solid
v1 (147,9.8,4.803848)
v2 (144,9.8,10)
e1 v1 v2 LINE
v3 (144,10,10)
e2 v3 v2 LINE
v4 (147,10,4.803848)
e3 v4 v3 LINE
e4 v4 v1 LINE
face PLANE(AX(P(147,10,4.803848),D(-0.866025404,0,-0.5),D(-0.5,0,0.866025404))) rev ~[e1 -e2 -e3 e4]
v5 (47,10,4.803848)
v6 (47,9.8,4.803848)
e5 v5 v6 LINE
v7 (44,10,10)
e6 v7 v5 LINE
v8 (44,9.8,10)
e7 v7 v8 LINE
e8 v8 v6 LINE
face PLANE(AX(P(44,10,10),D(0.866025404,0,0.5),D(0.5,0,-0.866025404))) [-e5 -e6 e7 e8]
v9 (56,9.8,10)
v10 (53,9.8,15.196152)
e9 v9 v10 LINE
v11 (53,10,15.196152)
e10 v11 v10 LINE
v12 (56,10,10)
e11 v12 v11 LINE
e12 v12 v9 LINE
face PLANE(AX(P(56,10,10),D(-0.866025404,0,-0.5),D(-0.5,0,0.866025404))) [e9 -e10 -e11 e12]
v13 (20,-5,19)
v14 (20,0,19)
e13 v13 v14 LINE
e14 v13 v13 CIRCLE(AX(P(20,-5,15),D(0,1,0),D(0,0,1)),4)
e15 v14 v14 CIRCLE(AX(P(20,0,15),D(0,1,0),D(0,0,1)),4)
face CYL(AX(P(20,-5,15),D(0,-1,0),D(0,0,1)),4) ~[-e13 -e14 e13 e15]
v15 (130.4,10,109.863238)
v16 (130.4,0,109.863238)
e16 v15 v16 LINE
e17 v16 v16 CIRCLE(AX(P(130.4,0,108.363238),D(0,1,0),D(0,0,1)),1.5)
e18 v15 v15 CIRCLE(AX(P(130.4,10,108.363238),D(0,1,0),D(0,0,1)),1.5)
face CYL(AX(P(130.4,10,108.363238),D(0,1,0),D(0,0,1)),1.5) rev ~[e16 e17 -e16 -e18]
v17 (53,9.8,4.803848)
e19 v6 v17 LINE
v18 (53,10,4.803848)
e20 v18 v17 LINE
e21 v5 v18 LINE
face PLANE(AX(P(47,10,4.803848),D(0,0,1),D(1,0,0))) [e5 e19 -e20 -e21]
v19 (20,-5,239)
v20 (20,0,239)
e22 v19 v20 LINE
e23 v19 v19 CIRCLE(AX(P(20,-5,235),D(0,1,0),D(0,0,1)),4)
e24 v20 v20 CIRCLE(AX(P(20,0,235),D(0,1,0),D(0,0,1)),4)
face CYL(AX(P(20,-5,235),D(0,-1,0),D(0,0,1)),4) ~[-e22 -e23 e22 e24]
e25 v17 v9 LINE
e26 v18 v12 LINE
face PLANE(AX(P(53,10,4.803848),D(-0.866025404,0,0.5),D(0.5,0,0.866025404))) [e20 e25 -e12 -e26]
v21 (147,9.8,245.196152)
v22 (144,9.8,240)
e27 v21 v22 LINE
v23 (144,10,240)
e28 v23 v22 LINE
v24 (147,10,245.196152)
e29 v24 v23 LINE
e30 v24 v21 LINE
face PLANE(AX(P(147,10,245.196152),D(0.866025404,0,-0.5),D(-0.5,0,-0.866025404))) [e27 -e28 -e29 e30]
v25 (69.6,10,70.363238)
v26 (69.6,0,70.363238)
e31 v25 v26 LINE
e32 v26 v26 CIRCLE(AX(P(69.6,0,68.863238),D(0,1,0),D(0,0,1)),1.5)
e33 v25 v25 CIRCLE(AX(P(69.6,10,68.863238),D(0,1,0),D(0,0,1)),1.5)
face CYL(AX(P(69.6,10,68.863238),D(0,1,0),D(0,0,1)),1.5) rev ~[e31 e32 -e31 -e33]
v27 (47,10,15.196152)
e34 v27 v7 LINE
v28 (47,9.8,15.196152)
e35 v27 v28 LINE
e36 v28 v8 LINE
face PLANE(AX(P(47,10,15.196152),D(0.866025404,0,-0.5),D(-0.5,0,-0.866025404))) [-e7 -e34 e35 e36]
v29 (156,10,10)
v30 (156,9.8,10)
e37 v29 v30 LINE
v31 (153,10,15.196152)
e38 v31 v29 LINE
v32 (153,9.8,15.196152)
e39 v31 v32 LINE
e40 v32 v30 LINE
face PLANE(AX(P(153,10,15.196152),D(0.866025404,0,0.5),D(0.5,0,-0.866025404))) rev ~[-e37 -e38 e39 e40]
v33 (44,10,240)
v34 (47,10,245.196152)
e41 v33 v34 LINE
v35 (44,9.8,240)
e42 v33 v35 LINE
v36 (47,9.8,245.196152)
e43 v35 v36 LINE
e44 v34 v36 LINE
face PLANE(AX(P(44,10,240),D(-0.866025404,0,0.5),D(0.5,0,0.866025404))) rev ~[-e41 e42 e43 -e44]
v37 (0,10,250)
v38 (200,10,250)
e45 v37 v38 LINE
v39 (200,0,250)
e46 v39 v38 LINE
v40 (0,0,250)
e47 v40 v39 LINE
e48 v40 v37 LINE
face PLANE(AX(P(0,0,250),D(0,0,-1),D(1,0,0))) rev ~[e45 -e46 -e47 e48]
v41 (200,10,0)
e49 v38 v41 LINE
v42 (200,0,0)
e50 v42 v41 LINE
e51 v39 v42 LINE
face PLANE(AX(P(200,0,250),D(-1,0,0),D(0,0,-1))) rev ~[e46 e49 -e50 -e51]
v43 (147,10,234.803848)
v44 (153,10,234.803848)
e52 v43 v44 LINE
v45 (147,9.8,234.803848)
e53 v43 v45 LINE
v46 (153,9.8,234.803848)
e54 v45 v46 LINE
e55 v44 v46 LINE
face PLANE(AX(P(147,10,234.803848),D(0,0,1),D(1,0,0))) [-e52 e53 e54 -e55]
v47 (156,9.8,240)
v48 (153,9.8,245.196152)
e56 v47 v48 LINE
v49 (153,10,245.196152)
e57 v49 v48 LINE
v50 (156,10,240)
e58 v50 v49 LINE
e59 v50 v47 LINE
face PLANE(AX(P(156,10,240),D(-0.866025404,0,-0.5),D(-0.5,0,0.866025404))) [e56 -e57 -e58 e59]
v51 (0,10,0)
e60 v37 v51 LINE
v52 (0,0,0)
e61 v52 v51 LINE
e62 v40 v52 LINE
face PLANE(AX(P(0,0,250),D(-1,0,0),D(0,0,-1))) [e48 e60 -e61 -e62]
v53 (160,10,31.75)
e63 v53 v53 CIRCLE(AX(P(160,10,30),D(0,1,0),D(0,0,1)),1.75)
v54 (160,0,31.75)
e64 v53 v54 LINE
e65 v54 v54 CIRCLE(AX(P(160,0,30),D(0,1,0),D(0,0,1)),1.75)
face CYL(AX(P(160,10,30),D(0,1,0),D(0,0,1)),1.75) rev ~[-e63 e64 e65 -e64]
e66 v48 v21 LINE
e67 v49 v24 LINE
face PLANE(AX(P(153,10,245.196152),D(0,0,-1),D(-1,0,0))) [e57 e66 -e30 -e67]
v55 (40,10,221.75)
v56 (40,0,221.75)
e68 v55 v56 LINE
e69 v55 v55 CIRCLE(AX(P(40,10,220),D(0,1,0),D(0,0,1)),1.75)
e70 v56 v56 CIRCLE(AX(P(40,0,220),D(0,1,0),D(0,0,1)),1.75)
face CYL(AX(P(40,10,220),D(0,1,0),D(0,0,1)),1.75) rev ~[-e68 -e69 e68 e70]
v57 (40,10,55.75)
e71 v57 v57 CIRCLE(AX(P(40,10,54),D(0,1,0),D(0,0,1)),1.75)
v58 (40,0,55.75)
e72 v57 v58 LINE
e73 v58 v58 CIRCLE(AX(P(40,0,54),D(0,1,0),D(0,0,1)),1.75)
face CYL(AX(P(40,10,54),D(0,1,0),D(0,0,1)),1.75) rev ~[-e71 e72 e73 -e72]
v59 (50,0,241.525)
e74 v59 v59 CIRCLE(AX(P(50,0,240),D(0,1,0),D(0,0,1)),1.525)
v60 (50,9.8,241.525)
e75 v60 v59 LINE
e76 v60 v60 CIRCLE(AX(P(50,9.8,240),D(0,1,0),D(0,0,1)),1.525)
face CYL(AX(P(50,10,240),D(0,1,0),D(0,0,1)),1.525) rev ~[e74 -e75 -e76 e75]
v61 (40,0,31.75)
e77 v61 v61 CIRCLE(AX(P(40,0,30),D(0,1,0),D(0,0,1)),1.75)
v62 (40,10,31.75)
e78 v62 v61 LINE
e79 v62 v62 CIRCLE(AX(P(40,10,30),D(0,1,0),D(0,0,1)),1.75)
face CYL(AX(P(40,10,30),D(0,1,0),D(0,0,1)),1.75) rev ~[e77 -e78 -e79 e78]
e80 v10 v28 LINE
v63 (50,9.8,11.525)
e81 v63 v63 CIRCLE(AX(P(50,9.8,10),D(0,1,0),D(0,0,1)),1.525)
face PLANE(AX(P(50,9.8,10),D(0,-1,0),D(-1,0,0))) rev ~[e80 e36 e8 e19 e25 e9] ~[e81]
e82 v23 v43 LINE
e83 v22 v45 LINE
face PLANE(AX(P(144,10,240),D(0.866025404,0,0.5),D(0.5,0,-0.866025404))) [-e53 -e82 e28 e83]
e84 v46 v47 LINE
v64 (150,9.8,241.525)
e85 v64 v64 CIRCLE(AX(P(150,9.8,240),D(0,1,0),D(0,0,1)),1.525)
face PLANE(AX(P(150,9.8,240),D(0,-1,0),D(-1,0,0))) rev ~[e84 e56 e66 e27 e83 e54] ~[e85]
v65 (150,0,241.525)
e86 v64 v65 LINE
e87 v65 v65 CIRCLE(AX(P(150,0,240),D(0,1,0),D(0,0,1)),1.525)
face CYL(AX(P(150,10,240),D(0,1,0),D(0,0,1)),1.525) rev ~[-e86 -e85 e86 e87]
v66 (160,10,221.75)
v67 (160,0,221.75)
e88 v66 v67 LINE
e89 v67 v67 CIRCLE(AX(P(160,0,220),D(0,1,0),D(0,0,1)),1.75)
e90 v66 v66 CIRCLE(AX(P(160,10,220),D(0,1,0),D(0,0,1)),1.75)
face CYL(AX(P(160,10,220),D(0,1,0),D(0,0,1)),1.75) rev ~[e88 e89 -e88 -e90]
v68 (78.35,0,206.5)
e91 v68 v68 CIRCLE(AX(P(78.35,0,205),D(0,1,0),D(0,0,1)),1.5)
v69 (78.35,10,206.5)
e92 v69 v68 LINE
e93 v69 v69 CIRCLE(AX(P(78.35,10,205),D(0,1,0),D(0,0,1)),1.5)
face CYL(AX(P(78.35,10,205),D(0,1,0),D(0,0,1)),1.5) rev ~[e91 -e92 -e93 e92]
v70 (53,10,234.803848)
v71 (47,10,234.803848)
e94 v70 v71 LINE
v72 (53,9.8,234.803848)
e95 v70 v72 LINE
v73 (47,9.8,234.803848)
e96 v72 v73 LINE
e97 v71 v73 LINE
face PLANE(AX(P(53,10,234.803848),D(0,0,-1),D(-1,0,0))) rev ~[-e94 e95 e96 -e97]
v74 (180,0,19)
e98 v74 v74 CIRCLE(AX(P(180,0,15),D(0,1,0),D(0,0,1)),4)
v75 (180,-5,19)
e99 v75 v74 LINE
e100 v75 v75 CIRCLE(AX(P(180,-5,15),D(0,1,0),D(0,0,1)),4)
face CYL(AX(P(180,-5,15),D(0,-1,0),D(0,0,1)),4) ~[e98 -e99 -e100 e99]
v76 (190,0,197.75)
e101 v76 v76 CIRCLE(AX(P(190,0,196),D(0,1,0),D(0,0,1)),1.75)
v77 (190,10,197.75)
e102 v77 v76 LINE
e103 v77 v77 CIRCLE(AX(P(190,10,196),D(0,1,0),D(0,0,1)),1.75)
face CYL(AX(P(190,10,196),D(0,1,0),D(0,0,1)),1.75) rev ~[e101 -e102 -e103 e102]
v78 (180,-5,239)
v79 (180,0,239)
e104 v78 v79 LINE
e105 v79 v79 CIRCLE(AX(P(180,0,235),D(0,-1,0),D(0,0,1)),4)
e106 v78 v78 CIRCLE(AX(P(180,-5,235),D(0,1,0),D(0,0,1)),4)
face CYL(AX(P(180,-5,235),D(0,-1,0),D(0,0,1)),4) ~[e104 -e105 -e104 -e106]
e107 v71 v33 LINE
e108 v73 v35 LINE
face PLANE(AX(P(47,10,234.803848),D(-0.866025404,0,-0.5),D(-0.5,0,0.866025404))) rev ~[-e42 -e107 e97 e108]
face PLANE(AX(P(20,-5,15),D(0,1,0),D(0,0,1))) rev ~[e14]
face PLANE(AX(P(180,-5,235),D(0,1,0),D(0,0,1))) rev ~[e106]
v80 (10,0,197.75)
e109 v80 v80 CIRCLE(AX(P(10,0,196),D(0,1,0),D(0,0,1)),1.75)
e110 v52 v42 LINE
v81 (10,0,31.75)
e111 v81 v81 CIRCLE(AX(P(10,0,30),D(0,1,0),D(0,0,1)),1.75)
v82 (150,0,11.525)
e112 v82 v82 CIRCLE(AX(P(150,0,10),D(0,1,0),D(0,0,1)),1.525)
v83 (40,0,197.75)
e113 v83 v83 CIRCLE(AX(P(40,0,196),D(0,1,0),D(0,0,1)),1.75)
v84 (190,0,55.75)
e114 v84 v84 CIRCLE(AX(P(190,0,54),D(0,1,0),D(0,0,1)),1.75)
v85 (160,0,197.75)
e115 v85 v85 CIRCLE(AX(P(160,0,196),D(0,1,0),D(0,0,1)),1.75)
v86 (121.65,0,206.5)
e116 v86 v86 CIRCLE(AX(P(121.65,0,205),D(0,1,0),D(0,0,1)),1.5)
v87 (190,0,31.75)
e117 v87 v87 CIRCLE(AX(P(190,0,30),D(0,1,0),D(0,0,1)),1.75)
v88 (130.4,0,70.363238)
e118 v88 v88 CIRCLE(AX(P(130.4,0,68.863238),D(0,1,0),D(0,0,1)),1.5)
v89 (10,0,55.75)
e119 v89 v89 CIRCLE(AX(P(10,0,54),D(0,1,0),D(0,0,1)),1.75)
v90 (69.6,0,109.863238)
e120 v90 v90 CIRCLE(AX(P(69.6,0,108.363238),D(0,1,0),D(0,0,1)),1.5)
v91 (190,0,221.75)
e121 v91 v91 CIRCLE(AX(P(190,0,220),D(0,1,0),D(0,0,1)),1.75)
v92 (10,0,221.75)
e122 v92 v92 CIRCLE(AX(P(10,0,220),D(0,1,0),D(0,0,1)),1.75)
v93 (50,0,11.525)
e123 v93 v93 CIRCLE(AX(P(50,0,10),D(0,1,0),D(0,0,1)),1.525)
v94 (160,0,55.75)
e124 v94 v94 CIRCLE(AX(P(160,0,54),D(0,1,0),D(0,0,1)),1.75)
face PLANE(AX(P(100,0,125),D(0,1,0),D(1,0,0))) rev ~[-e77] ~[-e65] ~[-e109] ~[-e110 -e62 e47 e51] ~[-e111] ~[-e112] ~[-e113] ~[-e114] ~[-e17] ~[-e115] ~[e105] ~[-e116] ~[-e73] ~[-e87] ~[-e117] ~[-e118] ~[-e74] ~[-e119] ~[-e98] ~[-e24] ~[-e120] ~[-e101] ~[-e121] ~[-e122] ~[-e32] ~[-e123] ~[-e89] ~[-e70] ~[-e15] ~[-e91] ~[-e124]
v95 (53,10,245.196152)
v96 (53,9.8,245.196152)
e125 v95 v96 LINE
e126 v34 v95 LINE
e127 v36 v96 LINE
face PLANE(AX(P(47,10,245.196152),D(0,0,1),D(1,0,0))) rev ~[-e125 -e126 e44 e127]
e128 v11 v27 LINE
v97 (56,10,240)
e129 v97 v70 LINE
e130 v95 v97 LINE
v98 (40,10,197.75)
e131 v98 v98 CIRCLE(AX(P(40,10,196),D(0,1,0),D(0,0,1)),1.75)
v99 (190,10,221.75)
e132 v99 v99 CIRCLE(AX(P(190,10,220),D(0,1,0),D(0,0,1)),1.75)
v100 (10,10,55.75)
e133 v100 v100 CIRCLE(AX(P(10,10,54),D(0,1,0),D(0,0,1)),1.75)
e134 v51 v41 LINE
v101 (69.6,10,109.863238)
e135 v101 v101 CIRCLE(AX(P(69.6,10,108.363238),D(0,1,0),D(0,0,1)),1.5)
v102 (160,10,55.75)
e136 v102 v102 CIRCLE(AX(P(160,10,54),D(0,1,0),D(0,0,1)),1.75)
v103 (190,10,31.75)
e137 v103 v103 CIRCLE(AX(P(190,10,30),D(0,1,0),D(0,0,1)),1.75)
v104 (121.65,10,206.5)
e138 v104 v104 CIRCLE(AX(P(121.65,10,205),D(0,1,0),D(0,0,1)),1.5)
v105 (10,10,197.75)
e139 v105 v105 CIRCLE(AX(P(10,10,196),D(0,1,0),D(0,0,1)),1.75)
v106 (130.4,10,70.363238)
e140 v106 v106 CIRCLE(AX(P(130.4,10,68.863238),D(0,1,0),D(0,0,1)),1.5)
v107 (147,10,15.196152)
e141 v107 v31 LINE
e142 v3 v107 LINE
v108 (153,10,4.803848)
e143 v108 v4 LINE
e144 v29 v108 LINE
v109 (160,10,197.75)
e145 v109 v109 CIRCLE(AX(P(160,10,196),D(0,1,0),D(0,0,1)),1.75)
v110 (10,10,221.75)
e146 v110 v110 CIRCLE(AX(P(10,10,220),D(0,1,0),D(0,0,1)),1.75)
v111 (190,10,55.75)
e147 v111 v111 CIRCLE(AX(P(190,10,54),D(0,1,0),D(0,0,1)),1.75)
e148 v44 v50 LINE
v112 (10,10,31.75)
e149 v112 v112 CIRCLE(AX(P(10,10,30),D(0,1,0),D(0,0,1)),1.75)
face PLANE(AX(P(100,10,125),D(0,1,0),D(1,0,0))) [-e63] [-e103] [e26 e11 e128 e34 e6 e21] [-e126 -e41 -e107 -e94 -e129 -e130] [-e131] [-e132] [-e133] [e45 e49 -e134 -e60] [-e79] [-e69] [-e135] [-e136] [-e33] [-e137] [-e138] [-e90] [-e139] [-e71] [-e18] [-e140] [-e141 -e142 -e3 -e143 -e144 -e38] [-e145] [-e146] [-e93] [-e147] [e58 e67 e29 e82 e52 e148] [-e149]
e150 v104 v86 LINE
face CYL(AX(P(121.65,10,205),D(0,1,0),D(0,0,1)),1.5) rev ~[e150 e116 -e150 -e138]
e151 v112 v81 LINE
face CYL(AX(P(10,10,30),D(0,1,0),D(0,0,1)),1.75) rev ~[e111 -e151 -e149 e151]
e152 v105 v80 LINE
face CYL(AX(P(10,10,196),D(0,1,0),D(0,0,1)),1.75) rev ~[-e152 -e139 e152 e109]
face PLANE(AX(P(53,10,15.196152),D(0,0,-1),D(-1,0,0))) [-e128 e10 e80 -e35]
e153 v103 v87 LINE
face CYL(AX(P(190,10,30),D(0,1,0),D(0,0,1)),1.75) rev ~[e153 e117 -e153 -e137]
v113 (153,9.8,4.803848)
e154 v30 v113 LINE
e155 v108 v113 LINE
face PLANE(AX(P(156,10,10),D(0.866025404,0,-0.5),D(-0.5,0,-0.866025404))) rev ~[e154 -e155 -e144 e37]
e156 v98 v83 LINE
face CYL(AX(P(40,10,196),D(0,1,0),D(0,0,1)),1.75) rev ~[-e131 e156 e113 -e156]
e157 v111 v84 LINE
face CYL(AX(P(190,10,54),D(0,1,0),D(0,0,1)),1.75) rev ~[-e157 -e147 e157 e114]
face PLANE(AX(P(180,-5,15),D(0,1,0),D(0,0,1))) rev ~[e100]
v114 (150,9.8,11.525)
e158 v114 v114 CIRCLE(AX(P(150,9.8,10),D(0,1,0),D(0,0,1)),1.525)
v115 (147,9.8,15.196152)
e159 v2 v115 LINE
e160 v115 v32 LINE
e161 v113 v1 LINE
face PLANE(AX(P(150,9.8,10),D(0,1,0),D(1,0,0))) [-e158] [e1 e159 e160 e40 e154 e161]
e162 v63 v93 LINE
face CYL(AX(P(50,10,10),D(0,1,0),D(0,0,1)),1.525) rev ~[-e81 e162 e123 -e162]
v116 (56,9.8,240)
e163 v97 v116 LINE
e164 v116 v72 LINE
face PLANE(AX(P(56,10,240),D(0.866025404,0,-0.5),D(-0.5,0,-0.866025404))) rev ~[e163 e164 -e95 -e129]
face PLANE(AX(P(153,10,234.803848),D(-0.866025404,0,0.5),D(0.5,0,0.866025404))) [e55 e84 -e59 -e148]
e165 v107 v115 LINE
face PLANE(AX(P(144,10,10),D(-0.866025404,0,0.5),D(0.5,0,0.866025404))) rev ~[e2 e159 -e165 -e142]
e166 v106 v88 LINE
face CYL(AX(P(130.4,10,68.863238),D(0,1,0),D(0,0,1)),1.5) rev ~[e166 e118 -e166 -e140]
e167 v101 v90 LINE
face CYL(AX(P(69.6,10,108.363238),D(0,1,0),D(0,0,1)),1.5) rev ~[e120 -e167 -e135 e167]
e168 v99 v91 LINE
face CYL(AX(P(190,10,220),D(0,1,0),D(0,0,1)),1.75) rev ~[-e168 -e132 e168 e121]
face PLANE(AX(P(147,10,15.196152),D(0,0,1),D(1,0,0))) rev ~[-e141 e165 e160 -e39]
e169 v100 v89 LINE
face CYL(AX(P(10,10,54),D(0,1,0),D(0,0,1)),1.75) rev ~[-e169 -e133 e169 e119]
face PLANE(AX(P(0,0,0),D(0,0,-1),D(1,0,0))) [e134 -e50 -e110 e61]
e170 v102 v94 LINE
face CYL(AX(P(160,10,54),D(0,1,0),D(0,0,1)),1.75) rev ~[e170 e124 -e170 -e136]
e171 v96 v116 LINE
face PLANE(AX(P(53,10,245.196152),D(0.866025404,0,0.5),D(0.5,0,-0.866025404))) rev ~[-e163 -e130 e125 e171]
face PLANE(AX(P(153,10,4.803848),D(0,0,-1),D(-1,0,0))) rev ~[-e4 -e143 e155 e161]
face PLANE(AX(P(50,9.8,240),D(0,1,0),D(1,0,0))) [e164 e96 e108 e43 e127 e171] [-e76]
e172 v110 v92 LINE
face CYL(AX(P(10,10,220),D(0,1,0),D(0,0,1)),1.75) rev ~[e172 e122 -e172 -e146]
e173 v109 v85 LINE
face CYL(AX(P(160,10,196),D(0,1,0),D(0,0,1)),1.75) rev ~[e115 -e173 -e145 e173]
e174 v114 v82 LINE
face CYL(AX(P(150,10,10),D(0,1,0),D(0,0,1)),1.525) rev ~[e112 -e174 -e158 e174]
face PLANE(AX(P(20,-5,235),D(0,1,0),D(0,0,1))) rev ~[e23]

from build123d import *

# Parameters (mm, degrees)
SKETCH_1_W          = 200
SKETCH_1_H          = 250
SKETCH_1_R          = 4
EXTRUDE_1_DEPTH     = 10
EXTRUDE_START       = -15
SKETCH_2_R          = 4
EXTRUDE_3_DEPTH     = 15
CUT_EXTRUDE_1_DEPTH = 0.2
SKETCH_4_R          = 1.525
CUT_EXTRUDE_2_DEPTH = 321.507410211
SKETCH_5_R          = 1.5
CUT_EXTRUDE_3_DEPTH = 321.507410211
SKETCH_6_R          = 1.75
CUT_EXTRUDE_4_DEPTH = 321.507410211
SKETCH_7_R          = 1.5
CUT_EXTRUDE_5_DEPTH = 321.507410211


with BuildPart() as part:
    # 草图1 → 凸台-拉伸1 (new body)
    with BuildSketch(Plane(origin=(0, 0, 0), x_dir=(1, 0, 0), z_dir=(0, 1, 0))):
        with Locations((100, -125)):
            Rectangle(SKETCH_1_W, SKETCH_1_H)
        with Locations(Location((180, -15, 0), (0, 0, 270))):
            Circle(SKETCH_1_R, mode=Mode.SUBTRACT)
        with Locations(Location((180, -235, 0), (0, 0, 90))):
            Circle(SKETCH_1_R, mode=Mode.SUBTRACT)
        with Locations(Location((20, -15, 0), (0, 0, 90))):
            Circle(SKETCH_1_R, mode=Mode.SUBTRACT)
        with Locations(Location((20, -235, 0), (0, 0, 270))):
            Circle(SKETCH_1_R, mode=Mode.SUBTRACT)
    extrude(amount=EXTRUDE_1_DEPTH)

    # 草图2 → 凸台-拉伸3 (add)
    with BuildSketch(Plane(origin=(0, 10, 0), x_dir=(1, 0, 0), z_dir=(0, 1, 0)).offset(EXTRUDE_START)):
        with Locations(Location((180, -235, 0), (0, 0, 270))):
            Circle(SKETCH_2_R)
        with Locations(Location((20, -235, 0), (0, 0, 270))):
            Circle(SKETCH_2_R)
        with Locations(Location((180, -15, 0), (0, 0, 270))):
            Circle(SKETCH_2_R)
        with Locations(Location((20, -15, 0), (0, 0, 270))):
            Circle(SKETCH_2_R)
    extrude(amount=EXTRUDE_3_DEPTH)

    # 草图3 → 切除-拉伸1 (cut)
    with BuildSketch(Plane(origin=(0, 10, 0), x_dir=(1, 0, 0), z_dir=(0, 1, 0))):
        Polygon((56, -240), (53, -234.803847577), (47, -234.803847577), (44, -240), (47, -245.196152423), (53, -245.196152423), align=None)
        Polygon((147, -245.196152423), (144, -240), (147, -234.803847577), (153, -234.803847577), (156, -240), (153, -245.196152423), align=None)
        Polygon((144, -10), (147, -15.196152423), (153, -15.196152423), (156, -10), (153, -4.803847577), (147, -4.803847577), align=None)
        Polygon((53, -4.803847577), (56, -10), (53, -15.196152423), (47, -15.196152423), (44, -10), (47, -4.803847577), align=None)
    extrude(amount=-CUT_EXTRUDE_1_DEPTH, mode=Mode.SUBTRACT)

    # 草图4 → 切除-拉伸2 (cut, through all)
    with BuildSketch(Plane(origin=(0, 10, 0), x_dir=(1, 0, 0), z_dir=(0, 1, 0))):
        with Locations(Location((150, -10, 0), (0, 0, 270))):
            Circle(SKETCH_4_R)
        with Locations(Location((50, -10, 0), (0, 0, 270))):
            Circle(SKETCH_4_R)
        with Locations(Location((50, -240, 0), (0, 0, 270))):
            Circle(SKETCH_4_R)
        with Locations(Location((150, -240, 0), (0, 0, 270))):
            Circle(SKETCH_4_R)
    extrude(amount=-CUT_EXTRUDE_2_DEPTH, mode=Mode.SUBTRACT)

    # 草图5 → 切除-拉伸3 (cut, through all)
    with BuildSketch(Plane(origin=(0, 10, 0), x_dir=(1, 0, 0), z_dir=(0, 1, 0))):
        with Locations(Location((69.6, -68.863237915, 0), (0, 0, 270))):
            Circle(SKETCH_5_R)
        with Locations(Location((69.6, -108.363237915, 0), (0, 0, 270))):
            Circle(SKETCH_5_R)
        with Locations(Location((130.4, -108.363237915, 0), (0, 0, 270))):
            Circle(SKETCH_5_R)
        with Locations(Location((130.4, -68.863237915, 0), (0, 0, 270))):
            Circle(SKETCH_5_R)
    extrude(amount=-CUT_EXTRUDE_3_DEPTH, mode=Mode.SUBTRACT)

    # 草图6 → 切除-拉伸4 (cut, through all)
    with BuildSketch(Plane(origin=(0, 10, 0), x_dir=(1, 0, 0), z_dir=(0, 1, 0))):
        with Locations(Location((190, -54, 0), (0, 0, 270))):
            Circle(SKETCH_6_R)
        with Locations(Location((160, -54, 0), (0, 0, 270))):
            Circle(SKETCH_6_R)
        with Locations(Location((160, -30, 0), (0, 0, 270))):
            Circle(SKETCH_6_R)
        with Locations(Location((190, -30, 0), (0, 0, 270))):
            Circle(SKETCH_6_R)
        with Locations(Location((190, -220, 0), (0, 0, 270))):
            Circle(SKETCH_6_R)
        with Locations(Location((160, -220, 0), (0, 0, 270))):
            Circle(SKETCH_6_R)
        with Locations(Location((160, -196, 0), (0, 0, 270))):
            Circle(SKETCH_6_R)
        with Locations(Location((190, -196, 0), (0, 0, 270))):
            Circle(SKETCH_6_R)
        with Locations(Location((40, -54, 0), (0, 0, 270))):
            Circle(SKETCH_6_R)
        with Locations(Location((10, -54, 0), (0, 0, 270))):
            Circle(SKETCH_6_R)
        with Locations(Location((10, -30, 0), (0, 0, 270))):
            Circle(SKETCH_6_R)
        with Locations(Location((40, -30, 0), (0, 0, 270))):
            Circle(SKETCH_6_R)
        with Locations(Location((40, -220, 0), (0, 0, 270))):
            Circle(SKETCH_6_R)
        with Locations(Location((10, -220, 0), (0, 0, 270))):
            Circle(SKETCH_6_R)
        with Locations(Location((10, -196, 0), (0, 0, 270))):
            Circle(SKETCH_6_R)
        with Locations(Location((40, -196, 0), (0, 0, 270))):
            Circle(SKETCH_6_R)
    extrude(amount=-CUT_EXTRUDE_4_DEPTH, mode=Mode.SUBTRACT)

    # 草图7 → 切除-拉伸5 (cut, through all)
    with BuildSketch(Plane(origin=(0, 10, 0), x_dir=(1, 0, 0), z_dir=(0, 1, 0))):
        with Locations(Location((121.65, -205, 0), (0, 0, 270))):
            Circle(SKETCH_7_R)
        with Locations(Location((78.35, -205, 0), (0, 0, 270))):
            Circle(SKETCH_7_R)
    extrude(amount=-CUT_EXTRUDE_5_DEPTH, mode=Mode.SUBTRACT)


solid = part.part
